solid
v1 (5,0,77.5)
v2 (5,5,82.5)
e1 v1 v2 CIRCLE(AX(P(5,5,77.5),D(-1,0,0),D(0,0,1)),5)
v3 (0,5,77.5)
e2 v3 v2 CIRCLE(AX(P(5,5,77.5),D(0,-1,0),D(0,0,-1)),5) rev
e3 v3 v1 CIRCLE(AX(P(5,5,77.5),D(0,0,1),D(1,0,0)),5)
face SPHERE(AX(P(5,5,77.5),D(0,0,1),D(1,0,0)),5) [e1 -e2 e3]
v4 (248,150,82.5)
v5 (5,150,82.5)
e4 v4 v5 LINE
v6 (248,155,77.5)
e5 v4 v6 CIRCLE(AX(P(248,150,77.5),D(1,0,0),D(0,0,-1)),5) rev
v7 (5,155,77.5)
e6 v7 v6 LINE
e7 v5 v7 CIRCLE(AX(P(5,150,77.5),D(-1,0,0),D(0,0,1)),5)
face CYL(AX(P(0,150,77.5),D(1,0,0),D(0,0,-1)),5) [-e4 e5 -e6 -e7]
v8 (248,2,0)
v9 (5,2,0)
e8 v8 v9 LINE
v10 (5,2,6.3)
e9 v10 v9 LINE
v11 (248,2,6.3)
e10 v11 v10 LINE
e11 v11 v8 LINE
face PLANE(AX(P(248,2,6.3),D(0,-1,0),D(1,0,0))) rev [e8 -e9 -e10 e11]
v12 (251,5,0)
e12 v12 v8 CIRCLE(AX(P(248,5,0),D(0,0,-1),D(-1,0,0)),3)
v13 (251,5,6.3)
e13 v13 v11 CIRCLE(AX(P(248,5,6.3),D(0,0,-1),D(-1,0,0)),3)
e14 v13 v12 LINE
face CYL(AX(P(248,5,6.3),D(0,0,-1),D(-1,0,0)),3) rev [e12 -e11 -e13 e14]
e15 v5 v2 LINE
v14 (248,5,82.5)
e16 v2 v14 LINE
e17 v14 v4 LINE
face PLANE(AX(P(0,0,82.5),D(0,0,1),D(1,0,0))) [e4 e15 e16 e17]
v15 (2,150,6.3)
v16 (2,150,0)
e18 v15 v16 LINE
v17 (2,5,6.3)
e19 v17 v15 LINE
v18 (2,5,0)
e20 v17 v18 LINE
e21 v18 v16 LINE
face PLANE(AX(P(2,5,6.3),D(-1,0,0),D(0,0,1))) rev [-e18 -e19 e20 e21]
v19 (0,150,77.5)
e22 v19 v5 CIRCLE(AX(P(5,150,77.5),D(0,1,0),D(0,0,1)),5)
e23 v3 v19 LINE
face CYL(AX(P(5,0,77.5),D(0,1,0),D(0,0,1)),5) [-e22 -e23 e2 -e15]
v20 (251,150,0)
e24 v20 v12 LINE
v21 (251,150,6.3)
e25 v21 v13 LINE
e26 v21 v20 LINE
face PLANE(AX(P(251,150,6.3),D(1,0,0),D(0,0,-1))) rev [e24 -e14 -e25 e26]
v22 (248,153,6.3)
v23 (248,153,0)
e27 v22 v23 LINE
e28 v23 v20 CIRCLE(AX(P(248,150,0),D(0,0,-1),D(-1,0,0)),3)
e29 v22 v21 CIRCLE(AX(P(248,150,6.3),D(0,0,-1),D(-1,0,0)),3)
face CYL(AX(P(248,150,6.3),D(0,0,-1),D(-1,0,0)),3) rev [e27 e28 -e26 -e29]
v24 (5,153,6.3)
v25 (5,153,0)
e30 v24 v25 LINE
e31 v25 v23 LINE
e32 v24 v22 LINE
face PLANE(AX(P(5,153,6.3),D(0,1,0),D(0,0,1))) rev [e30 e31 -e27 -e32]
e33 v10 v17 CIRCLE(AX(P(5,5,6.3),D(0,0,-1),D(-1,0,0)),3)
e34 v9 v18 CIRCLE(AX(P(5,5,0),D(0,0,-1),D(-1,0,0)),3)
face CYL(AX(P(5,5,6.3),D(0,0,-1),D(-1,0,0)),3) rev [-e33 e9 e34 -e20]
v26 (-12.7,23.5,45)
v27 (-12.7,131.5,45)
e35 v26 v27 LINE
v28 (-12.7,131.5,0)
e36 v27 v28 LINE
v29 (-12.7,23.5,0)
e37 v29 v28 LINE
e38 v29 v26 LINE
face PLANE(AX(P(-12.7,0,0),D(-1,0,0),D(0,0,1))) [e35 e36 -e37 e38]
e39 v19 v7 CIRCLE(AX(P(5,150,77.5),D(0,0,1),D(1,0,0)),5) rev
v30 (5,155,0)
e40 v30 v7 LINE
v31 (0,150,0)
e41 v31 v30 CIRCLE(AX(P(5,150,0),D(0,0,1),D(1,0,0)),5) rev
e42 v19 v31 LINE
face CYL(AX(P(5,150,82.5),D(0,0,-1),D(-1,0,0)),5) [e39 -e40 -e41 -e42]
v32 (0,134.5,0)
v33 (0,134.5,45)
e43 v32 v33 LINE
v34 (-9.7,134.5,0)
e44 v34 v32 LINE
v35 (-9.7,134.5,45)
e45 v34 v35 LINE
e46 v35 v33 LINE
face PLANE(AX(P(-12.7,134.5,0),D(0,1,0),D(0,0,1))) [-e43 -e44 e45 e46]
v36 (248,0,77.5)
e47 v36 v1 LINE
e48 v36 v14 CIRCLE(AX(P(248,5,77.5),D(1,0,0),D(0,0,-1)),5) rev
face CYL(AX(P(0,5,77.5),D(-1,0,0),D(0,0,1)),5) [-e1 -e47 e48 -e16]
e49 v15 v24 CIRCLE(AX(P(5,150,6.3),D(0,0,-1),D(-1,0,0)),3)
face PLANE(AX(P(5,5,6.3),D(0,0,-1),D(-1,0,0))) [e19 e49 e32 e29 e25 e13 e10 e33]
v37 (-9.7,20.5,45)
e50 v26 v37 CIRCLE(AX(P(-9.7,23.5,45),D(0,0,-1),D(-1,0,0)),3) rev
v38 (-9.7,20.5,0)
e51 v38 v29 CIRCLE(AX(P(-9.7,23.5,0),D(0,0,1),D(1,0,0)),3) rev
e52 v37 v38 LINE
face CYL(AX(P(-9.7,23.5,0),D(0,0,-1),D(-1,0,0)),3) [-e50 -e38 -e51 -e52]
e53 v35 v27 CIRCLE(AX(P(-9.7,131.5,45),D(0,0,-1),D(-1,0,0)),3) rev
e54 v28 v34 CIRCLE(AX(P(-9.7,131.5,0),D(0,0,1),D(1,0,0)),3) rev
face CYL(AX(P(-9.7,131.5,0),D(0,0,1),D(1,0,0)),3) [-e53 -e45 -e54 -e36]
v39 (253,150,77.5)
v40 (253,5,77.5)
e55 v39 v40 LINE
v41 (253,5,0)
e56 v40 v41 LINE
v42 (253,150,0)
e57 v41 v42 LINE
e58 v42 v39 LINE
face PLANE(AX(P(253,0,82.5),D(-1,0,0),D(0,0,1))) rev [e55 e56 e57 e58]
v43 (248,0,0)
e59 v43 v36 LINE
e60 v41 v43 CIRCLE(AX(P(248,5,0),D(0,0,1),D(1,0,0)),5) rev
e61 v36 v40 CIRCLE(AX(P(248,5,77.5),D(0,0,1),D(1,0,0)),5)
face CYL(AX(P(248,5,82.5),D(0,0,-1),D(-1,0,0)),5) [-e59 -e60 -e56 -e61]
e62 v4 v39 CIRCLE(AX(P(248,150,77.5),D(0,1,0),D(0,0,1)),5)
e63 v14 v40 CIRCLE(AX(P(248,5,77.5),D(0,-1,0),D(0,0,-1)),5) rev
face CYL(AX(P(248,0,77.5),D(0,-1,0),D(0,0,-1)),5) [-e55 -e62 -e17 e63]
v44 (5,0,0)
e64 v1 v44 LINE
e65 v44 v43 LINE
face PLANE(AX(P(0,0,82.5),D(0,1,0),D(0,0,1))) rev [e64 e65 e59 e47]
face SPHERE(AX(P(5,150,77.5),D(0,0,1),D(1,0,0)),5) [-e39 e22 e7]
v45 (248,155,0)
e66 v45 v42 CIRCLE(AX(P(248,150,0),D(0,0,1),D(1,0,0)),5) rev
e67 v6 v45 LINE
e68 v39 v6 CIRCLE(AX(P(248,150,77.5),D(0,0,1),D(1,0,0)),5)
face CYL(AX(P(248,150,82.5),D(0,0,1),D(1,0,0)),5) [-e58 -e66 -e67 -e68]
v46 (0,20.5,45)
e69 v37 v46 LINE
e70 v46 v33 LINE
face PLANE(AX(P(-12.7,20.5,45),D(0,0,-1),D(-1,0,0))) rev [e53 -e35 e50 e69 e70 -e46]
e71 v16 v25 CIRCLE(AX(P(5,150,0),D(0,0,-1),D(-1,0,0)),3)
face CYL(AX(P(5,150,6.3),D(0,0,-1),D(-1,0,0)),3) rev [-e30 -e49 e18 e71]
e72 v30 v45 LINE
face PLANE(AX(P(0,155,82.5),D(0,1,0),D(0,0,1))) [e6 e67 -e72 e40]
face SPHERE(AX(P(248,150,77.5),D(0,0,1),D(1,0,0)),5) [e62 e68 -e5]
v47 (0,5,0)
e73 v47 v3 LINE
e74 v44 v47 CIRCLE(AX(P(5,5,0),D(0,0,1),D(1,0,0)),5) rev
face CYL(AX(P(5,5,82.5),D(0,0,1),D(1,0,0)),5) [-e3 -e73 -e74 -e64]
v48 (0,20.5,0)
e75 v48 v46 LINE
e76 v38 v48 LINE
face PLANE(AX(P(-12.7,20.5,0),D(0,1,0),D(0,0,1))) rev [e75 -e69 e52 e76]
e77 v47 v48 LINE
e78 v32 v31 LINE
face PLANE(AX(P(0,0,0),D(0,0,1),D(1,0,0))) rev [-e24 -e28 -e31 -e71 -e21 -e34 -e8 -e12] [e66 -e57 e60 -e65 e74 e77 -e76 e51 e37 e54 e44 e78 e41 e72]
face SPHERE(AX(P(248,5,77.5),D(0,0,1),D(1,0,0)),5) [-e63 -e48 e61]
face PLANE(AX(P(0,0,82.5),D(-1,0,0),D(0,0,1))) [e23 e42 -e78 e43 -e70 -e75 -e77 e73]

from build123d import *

# Parameters (mm, degrees)
SKETCH1_W           = 253
SKETCH1_H           = 155
BOSS_EXTRUDE1_DEPTH = 82.5
FILLET1_R           = 5
CUT_EXTRUDE1_DEPTH  = 6.3
SKETCH5_W           = 45
SKETCH5_H           = 114
BOSS_EXTRUDE2_DEPTH = 12.7
FILLET2_R           = 3


with BuildPart() as part:
    # Sketch1 → Boss-Extrude1 (new body)
    with BuildSketch(Plane.XY):
        with Locations((126.5, 77.5)):
            Rectangle(SKETCH1_W, SKETCH1_H)
    extrude(amount=BOSS_EXTRUDE1_DEPTH)

    # Fillet1
    fillet1_edges = [part.edges().sort_by_distance(p)[0] for p in [
        (126.5, 155, 82.5),
        (0, 77.5, 82.5),
        (126.5, 0, 82.5),
        (253, 77.5, 82.5),
        (0, 0, 41.25),
        (0, 155, 41.25),
        (253, 155, 41.25),
        (253, 0, 41.25),
    ]]
    fillet(fillet1_edges, radius=FILLET1_R)

    # Sketch2 → Cut-Extrude1 (cut)
    with BuildSketch(Plane(origin=(0, 0, 0), x_dir=(-1, 0, 0), z_dir=(0, 0, -1))):
        with BuildLine():
            Line((-2, 5), (-2, 150))
            ThreePointArc((-2, 150), (-2.878679656, 152.121320344), (-5, 153))
            Line((-5, 153), (-248, 153))
            ThreePointArc((-248, 153), (-250.121320344, 152.121320344), (-251, 150))
            Line((-251, 150), (-251, 5))
            ThreePointArc((-251, 5), (-250.121320344, 2.878679656), (-248, 2))
            Line((-248, 2), (-5, 2))
            ThreePointArc((-5, 2), (-2.878679656, 2.878679656), (-2, 5))
        make_face()
    extrude(amount=-CUT_EXTRUDE1_DEPTH, mode=Mode.SUBTRACT)

    # Sketch5 → Boss-Extrude2 (add)
    with BuildSketch(Plane.ZY):
        with Locations((22.5, 77.5)):
            Rectangle(SKETCH5_W, SKETCH5_H)
    extrude(amount=BOSS_EXTRUDE2_DEPTH)

    # Fillet2
    fillet2_edges = [part.edges().sort_by_distance(p)[0] for p in [
        (-12.7, 134.5, 22.5),
        (-12.7, 20.5, 22.5),
    ]]
    fillet(fillet2_edges, radius=FILLET2_R)


solid = part.part
